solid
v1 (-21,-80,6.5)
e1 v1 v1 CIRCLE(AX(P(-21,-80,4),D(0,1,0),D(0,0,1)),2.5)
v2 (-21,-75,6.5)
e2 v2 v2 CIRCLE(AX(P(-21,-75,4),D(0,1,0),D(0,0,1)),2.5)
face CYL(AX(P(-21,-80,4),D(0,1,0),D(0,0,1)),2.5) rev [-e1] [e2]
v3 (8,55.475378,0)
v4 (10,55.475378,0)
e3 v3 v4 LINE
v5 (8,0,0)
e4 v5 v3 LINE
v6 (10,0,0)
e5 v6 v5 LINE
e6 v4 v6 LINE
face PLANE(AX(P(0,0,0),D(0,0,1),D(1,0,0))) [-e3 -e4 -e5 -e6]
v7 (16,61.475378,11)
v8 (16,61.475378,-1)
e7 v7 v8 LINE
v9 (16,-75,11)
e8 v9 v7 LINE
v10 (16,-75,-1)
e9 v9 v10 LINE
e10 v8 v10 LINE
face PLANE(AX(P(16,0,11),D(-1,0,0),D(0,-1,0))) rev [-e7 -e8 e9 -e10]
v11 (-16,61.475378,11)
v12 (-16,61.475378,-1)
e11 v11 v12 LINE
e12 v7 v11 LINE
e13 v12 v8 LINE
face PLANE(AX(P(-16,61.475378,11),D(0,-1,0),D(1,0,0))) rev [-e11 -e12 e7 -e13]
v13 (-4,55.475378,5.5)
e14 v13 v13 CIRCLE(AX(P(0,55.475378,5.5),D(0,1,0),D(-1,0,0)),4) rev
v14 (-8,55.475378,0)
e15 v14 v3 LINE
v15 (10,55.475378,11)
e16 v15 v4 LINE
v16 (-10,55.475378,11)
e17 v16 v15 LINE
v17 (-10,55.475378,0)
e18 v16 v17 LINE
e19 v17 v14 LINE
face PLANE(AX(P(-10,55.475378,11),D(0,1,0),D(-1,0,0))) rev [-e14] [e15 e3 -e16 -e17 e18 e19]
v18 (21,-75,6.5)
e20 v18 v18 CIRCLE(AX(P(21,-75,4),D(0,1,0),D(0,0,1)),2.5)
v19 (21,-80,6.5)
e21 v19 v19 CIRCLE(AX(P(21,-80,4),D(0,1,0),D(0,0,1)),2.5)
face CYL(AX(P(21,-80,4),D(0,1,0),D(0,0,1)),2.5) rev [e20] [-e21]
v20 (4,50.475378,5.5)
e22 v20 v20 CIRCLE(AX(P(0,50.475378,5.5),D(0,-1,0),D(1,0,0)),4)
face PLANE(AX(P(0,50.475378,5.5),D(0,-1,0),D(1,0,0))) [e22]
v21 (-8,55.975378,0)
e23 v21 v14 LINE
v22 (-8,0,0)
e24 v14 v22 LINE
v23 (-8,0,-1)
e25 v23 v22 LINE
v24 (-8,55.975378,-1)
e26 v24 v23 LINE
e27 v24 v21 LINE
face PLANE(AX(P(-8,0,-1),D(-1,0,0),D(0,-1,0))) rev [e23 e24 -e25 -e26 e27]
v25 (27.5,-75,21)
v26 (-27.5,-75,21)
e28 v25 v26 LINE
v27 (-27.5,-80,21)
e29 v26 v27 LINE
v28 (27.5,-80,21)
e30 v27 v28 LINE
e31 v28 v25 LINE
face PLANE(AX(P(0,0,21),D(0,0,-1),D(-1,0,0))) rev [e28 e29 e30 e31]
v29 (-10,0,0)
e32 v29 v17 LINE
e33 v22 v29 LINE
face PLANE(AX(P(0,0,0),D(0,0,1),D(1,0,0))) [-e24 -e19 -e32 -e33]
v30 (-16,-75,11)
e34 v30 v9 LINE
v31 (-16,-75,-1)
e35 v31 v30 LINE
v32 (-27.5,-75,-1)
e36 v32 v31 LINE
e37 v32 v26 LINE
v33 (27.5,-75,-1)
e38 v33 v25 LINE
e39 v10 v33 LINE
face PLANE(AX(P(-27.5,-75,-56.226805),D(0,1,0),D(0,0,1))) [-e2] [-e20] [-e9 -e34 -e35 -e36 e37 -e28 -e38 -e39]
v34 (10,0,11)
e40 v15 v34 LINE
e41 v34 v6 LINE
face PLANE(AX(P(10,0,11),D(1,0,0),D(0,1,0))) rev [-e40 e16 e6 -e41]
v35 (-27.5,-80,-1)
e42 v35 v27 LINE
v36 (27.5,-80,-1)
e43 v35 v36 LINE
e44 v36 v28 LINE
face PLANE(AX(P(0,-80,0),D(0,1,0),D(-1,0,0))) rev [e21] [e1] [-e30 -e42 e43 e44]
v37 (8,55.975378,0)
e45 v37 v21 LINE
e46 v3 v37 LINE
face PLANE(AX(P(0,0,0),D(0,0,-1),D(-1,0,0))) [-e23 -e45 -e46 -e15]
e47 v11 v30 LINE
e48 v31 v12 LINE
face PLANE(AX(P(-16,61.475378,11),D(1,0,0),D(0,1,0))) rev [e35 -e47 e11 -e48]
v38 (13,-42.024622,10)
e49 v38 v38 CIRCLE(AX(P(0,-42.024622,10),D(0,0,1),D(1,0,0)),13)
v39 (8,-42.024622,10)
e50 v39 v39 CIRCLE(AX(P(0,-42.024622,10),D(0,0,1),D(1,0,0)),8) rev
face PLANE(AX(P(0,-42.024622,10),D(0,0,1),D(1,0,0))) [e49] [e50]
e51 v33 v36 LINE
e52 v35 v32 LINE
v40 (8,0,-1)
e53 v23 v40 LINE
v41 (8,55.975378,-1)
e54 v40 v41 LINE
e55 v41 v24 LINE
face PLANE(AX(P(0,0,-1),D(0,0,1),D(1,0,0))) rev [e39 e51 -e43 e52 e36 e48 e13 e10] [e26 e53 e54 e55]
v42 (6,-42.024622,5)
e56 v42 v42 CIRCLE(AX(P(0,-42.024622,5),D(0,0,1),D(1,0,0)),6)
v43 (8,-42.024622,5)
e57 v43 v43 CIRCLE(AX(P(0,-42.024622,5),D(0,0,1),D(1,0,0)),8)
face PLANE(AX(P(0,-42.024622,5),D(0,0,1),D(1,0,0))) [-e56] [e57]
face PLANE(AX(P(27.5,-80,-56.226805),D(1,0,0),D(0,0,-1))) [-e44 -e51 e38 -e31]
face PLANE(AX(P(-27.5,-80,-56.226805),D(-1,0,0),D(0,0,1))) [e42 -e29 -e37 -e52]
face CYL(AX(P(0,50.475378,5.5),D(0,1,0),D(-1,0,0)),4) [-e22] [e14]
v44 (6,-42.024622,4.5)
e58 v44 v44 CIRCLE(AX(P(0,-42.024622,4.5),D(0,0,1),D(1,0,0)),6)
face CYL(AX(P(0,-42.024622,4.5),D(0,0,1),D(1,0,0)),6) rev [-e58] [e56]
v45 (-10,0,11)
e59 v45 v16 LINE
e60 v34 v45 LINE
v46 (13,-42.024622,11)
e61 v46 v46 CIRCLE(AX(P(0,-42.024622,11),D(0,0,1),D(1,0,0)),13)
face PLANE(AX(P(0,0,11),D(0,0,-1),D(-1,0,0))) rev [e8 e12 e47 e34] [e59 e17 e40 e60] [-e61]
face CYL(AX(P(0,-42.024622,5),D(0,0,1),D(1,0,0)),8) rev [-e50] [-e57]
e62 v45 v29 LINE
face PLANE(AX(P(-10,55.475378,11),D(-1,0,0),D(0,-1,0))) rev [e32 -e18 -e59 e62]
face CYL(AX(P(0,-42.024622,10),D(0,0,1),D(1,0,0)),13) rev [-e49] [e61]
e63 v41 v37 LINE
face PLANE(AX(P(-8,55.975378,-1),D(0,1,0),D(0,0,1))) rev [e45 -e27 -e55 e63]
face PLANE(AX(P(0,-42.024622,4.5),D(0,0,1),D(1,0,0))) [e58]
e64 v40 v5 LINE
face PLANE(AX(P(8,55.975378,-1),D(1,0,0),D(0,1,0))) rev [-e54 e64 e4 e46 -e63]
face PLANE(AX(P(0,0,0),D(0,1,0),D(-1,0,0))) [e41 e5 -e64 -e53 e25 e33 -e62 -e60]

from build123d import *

# Parameters (mm, degrees)
MAINFRAME_DEPTH             = 11
GUIDEBACKBOARD_DEPTH        = 1
SKETCH3_W                   = 32
SKETCH3_H                   = 12
LOWELENGTH_DEPTH            = 80
SKETCH4_R                   = 8
LOWERCUT_BEARING_HOLE_DEPTH = 6
SKETCH6_R                   = 6
LOWER_BEARING_HOLE1_DEPTH   = 0.5
SKETCH7_R                   = 13
LOWER_BEARING_HOLE_2_DEPTH  = 1
SKETCH11_W                  = 55
SKETCH11_H                  = 5
BOSS_EXTRUDE1_DEPTH         = 10
BOSS_EXTRUDE1_DEPTH_BACK    = 12
SKETCH12_R                  = 2.5
CUT_EXTRUDE5_DEPTH          = 6
SKETCH13_R                  = 4
BOSS_EXTRUDE2_DEPTH         = 5


with BuildPart() as part:
    # Sketch1 → MainFrame (new body)
    with BuildSketch(Plane.XY):
        Polygon((-16, 61.475378035), (16, 61.475378035), (16, 0), (10, 0), (10, 55.475378035), (-10, 55.475378035), (-10, 0), (-16, 0), align=None)
    extrude(amount=MAINFRAME_DEPTH)

    # Sketch2 → GuideBackBoard (add)
    with BuildSketch(Plane(origin=(0, 0, 0), x_dir=(-1, 0, 0), z_dir=(0, 0, -1))):
        Polygon((8, 0), (8, 55.975378035), (-8, 55.975378035), (-8, 0), (-16, 0), (-16, 61.475378035), (16, 61.475378035), (16, 0), align=None)
    extrude(amount=GUIDEBACKBOARD_DEPTH)

    # Sketch3 → LoweLength (add)
    with BuildSketch(Plane.XZ):
        with Locations((0, 5)):
            Rectangle(SKETCH3_W, SKETCH3_H)
    extrude(amount=LOWELENGTH_DEPTH)

    # Sketch4 → LowerCut Bearing Hole (cut)
    with BuildSketch(Plane.XY.offset(11)):
        with Locations((0, -42.024621965)):
            Circle(SKETCH4_R)
    extrude(amount=-LOWERCUT_BEARING_HOLE_DEPTH, mode=Mode.SUBTRACT)

    # Sketch6 → Lower Bearing Hole1 (cut)
    with BuildSketch(Plane.XY.offset(5)):
        with Locations((0, -42.024621965)):
            Circle(SKETCH6_R)
    extrude(amount=-LOWER_BEARING_HOLE1_DEPTH, mode=Mode.SUBTRACT)

    # Sketch7 → Lower Bearing Hole 2 (cut)
    with BuildSketch(Plane.XY.offset(11)):
        with Locations((0, -42.024621965)):
            Circle(SKETCH7_R)
    extrude(amount=-LOWER_BEARING_HOLE_2_DEPTH, mode=Mode.SUBTRACT)

    # Sketch11 → Boss-Extrude1 (add, two sides)
    with BuildSketch(Plane.XY.offset(11)) as boss_extrude1_sk:
        with Locations((0, -77.5)):
            Rectangle(SKETCH11_W, SKETCH11_H)
    extrude(amount=BOSS_EXTRUDE1_DEPTH)
    extrude(boss_extrude1_sk.sketch, amount=-BOSS_EXTRUDE1_DEPTH_BACK)

    # Sketch12 → Cut-Extrude5 (cut, through all)
    with BuildSketch(Plane(origin=(0, -75, 0), x_dir=(1, 0, 0), z_dir=(0, 1, 0))):
        with Locations((21, -4)):
            Circle(SKETCH12_R)
        with Locations((-21, -4)):
            Circle(SKETCH12_R)
    extrude(amount=-CUT_EXTRUDE5_DEPTH, mode=Mode.SUBTRACT)

    # Sketch13 → Boss-Extrude2 (add)
    with BuildSketch(Plane.XZ.offset(-55.475378035)):
        with Locations((0, 5.5)):
            Circle(SKETCH13_R)
    extrude(amount=BOSS_EXTRUDE2_DEPTH)


solid = part.part
